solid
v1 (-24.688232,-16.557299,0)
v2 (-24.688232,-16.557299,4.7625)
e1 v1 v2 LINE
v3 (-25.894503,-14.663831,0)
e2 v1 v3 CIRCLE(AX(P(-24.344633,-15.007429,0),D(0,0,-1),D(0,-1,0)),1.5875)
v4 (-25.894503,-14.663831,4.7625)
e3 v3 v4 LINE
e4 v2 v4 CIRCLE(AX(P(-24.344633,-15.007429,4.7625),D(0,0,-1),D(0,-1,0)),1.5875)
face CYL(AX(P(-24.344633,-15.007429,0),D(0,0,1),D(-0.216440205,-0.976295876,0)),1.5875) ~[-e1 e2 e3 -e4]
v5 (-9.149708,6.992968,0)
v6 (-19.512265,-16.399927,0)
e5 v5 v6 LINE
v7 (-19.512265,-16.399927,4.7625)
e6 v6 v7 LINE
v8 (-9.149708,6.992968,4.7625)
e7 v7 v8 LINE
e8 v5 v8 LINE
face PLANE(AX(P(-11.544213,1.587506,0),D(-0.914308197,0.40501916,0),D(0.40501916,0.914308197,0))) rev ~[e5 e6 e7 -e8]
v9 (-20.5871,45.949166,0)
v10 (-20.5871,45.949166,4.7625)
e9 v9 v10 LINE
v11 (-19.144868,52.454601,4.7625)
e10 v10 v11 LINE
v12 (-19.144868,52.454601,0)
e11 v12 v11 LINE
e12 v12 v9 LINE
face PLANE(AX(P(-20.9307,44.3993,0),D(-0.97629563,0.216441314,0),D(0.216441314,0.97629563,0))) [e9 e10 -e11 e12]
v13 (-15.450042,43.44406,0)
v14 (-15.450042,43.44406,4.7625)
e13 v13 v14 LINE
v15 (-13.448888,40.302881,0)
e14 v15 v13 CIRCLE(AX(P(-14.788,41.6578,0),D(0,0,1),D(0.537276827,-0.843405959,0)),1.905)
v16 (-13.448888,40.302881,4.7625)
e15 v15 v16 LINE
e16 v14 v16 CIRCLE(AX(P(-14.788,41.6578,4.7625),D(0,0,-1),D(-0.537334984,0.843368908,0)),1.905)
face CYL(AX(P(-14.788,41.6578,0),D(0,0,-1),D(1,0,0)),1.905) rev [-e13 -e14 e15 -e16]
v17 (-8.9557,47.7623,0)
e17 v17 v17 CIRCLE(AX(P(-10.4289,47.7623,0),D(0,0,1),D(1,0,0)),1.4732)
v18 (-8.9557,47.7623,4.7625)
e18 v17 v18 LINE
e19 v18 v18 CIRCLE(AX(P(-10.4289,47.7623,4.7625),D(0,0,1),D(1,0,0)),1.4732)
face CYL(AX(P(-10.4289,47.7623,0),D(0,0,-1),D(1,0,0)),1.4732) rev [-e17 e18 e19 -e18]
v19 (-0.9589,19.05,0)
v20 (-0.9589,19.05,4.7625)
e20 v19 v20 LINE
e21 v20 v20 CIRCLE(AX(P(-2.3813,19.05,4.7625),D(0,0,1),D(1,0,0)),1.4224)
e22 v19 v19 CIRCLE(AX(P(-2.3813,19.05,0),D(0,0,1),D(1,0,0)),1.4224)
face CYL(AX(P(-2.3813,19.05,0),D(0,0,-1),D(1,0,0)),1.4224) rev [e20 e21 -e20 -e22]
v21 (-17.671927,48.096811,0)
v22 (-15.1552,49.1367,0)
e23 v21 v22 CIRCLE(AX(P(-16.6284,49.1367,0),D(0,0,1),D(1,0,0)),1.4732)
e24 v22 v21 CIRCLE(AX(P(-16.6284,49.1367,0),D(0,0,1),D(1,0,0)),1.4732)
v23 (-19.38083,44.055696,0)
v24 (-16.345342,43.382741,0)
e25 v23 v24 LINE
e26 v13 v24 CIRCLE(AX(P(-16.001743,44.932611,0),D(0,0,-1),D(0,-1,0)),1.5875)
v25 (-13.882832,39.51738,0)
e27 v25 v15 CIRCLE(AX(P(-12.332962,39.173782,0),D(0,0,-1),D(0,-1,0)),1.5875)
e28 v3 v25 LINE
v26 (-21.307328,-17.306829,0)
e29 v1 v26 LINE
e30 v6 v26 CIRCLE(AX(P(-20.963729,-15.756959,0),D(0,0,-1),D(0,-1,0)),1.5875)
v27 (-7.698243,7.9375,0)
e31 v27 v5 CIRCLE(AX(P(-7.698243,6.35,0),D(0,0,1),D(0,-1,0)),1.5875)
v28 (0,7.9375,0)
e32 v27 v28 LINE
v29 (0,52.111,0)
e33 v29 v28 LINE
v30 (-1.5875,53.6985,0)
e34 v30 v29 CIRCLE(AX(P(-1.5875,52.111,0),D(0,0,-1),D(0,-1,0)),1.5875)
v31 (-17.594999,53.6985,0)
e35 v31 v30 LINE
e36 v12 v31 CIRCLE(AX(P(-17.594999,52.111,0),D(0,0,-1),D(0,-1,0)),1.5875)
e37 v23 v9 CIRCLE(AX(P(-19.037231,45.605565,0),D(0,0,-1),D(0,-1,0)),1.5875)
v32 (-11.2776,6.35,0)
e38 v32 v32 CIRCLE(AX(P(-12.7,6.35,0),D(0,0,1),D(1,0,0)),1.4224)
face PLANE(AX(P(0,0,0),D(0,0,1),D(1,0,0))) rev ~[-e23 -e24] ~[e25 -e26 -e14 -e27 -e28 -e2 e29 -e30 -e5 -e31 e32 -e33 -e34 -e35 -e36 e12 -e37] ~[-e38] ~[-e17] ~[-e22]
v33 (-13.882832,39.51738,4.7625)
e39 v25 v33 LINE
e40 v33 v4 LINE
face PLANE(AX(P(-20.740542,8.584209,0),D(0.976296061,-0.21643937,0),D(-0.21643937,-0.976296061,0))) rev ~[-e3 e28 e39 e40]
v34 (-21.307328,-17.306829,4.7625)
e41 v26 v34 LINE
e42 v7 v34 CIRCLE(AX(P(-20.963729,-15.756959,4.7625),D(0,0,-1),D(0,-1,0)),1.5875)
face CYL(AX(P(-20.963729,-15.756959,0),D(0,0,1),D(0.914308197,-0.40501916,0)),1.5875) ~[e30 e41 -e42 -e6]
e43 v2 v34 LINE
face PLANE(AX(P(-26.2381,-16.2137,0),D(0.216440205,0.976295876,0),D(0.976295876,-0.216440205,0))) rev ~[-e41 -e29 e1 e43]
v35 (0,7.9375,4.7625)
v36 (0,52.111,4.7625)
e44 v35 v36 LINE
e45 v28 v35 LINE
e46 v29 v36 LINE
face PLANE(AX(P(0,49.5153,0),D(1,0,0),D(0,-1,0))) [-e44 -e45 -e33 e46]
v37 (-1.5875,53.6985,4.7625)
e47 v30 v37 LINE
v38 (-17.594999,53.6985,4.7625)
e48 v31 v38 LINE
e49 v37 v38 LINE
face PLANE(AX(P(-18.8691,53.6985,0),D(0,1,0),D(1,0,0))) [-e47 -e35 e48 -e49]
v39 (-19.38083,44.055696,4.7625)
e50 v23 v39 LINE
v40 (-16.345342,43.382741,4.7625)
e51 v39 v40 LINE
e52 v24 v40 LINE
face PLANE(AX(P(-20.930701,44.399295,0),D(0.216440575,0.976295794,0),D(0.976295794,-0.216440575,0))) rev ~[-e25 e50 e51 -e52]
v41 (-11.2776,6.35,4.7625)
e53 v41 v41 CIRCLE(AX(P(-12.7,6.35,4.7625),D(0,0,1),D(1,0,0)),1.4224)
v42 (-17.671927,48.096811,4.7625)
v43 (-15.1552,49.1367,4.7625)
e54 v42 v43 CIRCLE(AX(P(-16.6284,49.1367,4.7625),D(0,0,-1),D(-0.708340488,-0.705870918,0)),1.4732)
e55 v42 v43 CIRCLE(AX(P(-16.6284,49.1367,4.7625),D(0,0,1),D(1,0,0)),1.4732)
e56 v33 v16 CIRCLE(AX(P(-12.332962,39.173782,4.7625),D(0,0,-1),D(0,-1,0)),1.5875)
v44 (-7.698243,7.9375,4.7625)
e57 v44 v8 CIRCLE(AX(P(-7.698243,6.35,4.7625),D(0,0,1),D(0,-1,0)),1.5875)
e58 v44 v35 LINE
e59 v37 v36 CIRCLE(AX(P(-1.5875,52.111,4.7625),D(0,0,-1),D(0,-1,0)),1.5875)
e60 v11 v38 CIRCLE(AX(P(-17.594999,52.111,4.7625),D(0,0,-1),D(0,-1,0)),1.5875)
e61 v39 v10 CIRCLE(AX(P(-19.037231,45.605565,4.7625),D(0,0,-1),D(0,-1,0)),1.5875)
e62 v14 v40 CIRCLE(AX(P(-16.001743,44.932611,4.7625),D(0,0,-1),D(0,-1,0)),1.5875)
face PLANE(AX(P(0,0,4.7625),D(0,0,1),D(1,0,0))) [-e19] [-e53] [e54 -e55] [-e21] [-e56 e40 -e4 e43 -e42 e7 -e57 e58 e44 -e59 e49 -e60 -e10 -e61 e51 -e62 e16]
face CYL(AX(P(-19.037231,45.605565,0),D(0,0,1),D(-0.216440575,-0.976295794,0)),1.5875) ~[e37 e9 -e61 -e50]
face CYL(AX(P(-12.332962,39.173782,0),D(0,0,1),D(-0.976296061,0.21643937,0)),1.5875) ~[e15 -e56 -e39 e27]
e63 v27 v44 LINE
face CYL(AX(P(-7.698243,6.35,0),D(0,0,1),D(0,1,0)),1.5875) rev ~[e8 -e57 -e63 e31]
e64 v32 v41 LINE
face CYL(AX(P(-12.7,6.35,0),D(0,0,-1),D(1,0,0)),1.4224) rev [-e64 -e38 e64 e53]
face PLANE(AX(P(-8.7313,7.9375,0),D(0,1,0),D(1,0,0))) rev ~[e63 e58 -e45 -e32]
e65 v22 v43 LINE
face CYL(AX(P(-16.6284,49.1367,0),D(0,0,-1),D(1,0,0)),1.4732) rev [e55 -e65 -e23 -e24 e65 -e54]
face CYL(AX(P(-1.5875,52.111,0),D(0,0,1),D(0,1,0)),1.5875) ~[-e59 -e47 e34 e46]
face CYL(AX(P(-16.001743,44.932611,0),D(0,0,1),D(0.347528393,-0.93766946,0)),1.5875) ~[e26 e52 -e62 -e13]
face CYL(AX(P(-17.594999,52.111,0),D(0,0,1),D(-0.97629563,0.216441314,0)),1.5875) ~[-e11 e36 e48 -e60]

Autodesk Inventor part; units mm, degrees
ref_plane "YZ Plane" through (0, 0, 0) normal (1, 0, 0) x (0, 1, 0)
ref_plane "XZ Plane" through (0, 0, 0) normal (0, 1, 0) x (-1, 0, 0)
ref_plane "XY Plane" through (0, 0, 0) normal (0, 0, 1) x (1, 0, 0)
sketch "Sketch1" plane through (0, 0, 0) normal (0, 0, 1) x (1, 0, 0)
  line L0 (0, 0) -> (0, 136.525) construction
  line L1 (-11.7886, 12.2907) -> (-39.6863, 18.4755) construction
  line L2 (-39.6863, 18.4755) -> (-33.3297, 47.1481) construction
  line L3 (-33.3297, 47.1481) -> (-5.432, 40.9633)
  line L4 (-5.432, 40.9633) -> (-11.7886, 12.2907) construction
  line L5 (-39.6863, 18.4755) -> (-5.432, 40.9633) construction
  line L6 (-33.3297, 47.1481) -> (-11.7886, 12.2907) construction
  circle A0 centre (-53.975, 12.7) radius 3.175 construction
  circle A1 centre (-53.975, 12.7) radius 6.35 construction
  line L7 (0, 0) -> (-54.712, 6.3929) construction
  line L8 (-59.6703, 15.5082) -> (0, 136.525) construction
  line L9 (-27.1302, 45.7737) -> (-37.4529, 28.5497) construction
  line L10 (-11.6315, 42.3377) -> (-9.5552, 22.3649) construction
  line L11 (-19.3809, 44.0557) -> (-25.7374, 15.3831) construction
  line L12 (0, 92.075) -> (-19.7574, 96.4551) construction
  line L13 (-35.3766, 8.5768) -> (-19.8779, 5.1408) construction
  line L14 (-19.8779, 5.1408) -> (-21.2523, -1.0586) construction
  line L15 (-21.2523, -1.0586) -> (-36.751, 2.3773) construction
  line L16 (-36.751, 2.3773) -> (-35.3766, 8.5768) construction
  line L17 (-35.3766, 8.5768) -> (-41.27, 4.8223) construction
  line L18 (-19.8779, 5.1408) -> (-17.9381, 2.096) construction
  line L19 (-5.432, 40.9633) -> (-33.3297, 47.1481) construction
  line L20 (-33.3297, 47.1481) -> (-32.2475, 52.0296) construction
  line L21 (-32.2475, 52.0296) -> (-4.3498, 45.8448) construction
  line L22 (-4.3498, 45.8448) -> (-5.432, 40.9633) construction
  line L23 (-53.2878, 15.7997) -> (-53.975, 12.7) construction
  line L24 (-53.975, 12.7) -> (-57.0747, 13.3872) construction
  line L25 (-27.6272, 6.8588) -> (-34.4992, -24.1386) construction
  line L26 (-31.8676, 50.076) -> (-5.5198, 44.2349)
  line L27 (-5.5198, 44.2349) -> (-4.489, 48.8845) construction
  line L28 (-4.489, 48.8845) -> (-30.8368, 54.7256) construction
  line L29 (-30.8368, 54.7256) -> (-31.8676, 50.076) construction
  line L30 (-31.3522, 52.4008) -> (-5.0044, 46.5597) construction
  circle A2 centre (-29.0274, 51.8854) radius 1.4732 construction
  circle A3 centre (-22.8279, 50.5111) radius 1.4732 construction
  circle A4 centre (-16.6284, 49.1367) radius 1.4732
  circle A5 centre (-10.4289, 47.7623) radius 1.4732
  circle A6 centre (-10.3614, 84.7398) radius 1.4732 construction
  line L31 (-53.975, 12.7) -> (-13.3751, 95.0402) construction
  line L32 (-32.2923, 56.6744) -> (0, 49.5153)
  circle A7 centre (-10.3614, 84.7398) radius 4.7625 construction
  line L33 (-4.7625, 50.5712) -> (-4.7625, 93.1308) construction
  line L34 (-27.5056, 55.6132) -> (-14.3936, 82.2055) construction
  line L35 (-5.6003, 84.6261) -> (-4.7625, 84.4403) construction
  line L36 (-17.9381, 2.096) -> (0, 2.096) construction
  line L37 (0, 2.096) -> (0, -1.079) construction
  line L38 (0, -1.079) -> (-17.9381, -1.079) construction
  line L39 (-17.9381, -1.079) -> (-17.9381, 2.096) construction
  circle A8 centre (-12.7, 7.9375) radius 1.5875 construction
  line L40 (-12.7, 7.9375) -> (0, 7.9375)
  line L41 (0, 7.9375) -> (-17.9381, 2.096) construction
  circle A9 centre (-12.7, 7.9375) radius 3.175 construction
  line L42 (-9.525, 7.9375) -> (-9.525, 4.8357) construction
  line L43 (-9.525, 7.9375) -> (0, 7.9375) construction
  line L44 (-17.9187, 46.9837) -> (-16.8879, 51.6333)
  line L45 (-12.4942, 45.7811) -> (-26.2381, -16.2137)
  line L46 (0, 66.675) -> (0, 7.9375)
  line L47 (-26.2381, -16.2137) -> (-20.0386, -17.5881)
  line L48 (-20.0386, -17.5881) -> (-8.7313, 7.9375)
  circle A10 centre (-12.7, 6.35) radius 1.4224
  line L49 (0, 13.4938) -> (-4.7625, 13.4938) construction
  line L50 (-4.7625, 13.4938) -> (-4.7625, 24.6063) construction
  line L51 (-4.7625, 24.6063) -> (0, 24.6063) construction
  line L52 (0, 24.6063) -> (0, 13.4938)
  line L53 (-4.7625, 19.05) -> (0, 19.05) construction
  circle A11 centre (-2.3813, 19.05) radius 1.4224
  line L54 (-20.7405, 8.5842) -> (-9.7454, 58.18)
  line L55 (-9.7454, 58.18) -> (-3.5459, 56.8056) construction
  line L56 (-3.5459, 56.8056) -> (-14.5411, 7.2098) construction
  line L57 (-14.5411, 7.2098) -> (-20.7405, 8.5842)
  line L58 (-12.7, 6.35) -> (-12.7, 7.9375) construction
  line L59 (-11.5442, 1.5875) -> (-9.525, 1.5875)
  line L60 (-9.525, 1.5875) -> (-9.525, 7.9375)
  line L61 (-9.525, 7.9375) -> (-11.5442, 7.9375)
  line L62 (-11.5442, 7.9375) -> (-11.5442, 1.5875) construction
  line L63 (-9.7454, 58.18) -> (-15.9449, 59.5544)
  line L64 (-15.9449, 59.5544) -> (-14.6504, 65.3933)
  line L65 (-14.6504, 65.3933) -> (0, 66.675)
  line L66 (-9.7454, 58.18) -> (-17.3193, 53.3549) construction
  arc A12 (-10.2313, 55.9882) -> (-11.9373, 58.6659) centre (-11.0843, 57.3271) ccw
  line L67 (-4.7625, 57.15) -> (0, 57.15) construction
  circle A13 centre (-2.3813, 57.15) radius 1.4224
  circle A14 centre (-2.3813, 63.5) radius 1.4224
  line L68 (-20.9307, 44.3993) -> (-18.8691, 53.6985)
  line L69 (-12.4942, 45.7811) -> (-16.2811, 43.3685) construction
  arc A15 (-13.0773, 43.1508) -> (-15.1244, 46.3642) centre (-14.1008, 44.7575) ccw
  line L70 (-18.8691, 53.6985) -> (0, 53.6985)
  line L71 (-13.1814, 42.6813) -> (-14.788, 41.6578) construction
  circle A16 centre (-14.788, 41.6578) radius 1.905
  point P0 (-22.5591, 29.7194)
  point P1 (-20.4869, 2.3938)
  point P2 (-36.3367, 4.2458)
  point P3 (-51.1668, 18.3953)
  point P4 (-11.1125, 7.9375)
  point P5 (-11.4283, 6.9872)
  point P6 (-11.9574, 7.9375)
  point P7 (-13.9717, 6.9872)
  point P8 (-9.525, 6.1457)
  point P9 (-15.8116, 43.2644)
  point P10 (-13.7645, 40.0511)
  dimension "d74" = 6.35
  dimension "d122" = 3.81
  dimension "d13" = 136.525
  dimension "d14" = 29.3687
  dimension "d15" = 28.575
  dimension "d16" = 12.5
  dimension "d17" = 6.35
  dimension "d19" = 53.975
  dimension "d22" = 12.7
  dimension "d23" = 7.9375
  dimension "d24" = 19.05
  dimension "d26" = 102.5
  dimension "d29" = 6.35
  dimension "d31" = 7.9375
  dimension "d34" = 5
  dimension "d35" = 26.9875
  dimension "d38" = 31.75
  dimension "d40" = 26.9875
  dimension "d41" = 4.7625
  dimension "d42" = 2.9464
  dimension "d43" = 2.3813
  dimension "d46" = 6.35
  dimension "d51" = 2.9464
  dimension "d52" = 79.7719
  dimension "d53" = 6.35
  dimension "d54" = 9.525
  dimension "d55" = 4.7625
  dimension "d56" = 4.7625
  dimension "d60" = 12.7
  dimension "d61" = 3.175
  dimension "d63" = 3.175
  dimension "d66" = 3.175
  dimension "d67" = 12.7
  dimension "d72" = 8.7312
  dimension "d73" = 7.9375
  dimension "d75" = 34.925
  dimension "d80" = 12.7
  dimension "d82" = 7.9375
  dimension "d83" = 63.5
  dimension "d84" = 66.675
  dimension "d85" = 6.35
  dimension "d86" = 92.075
  dimension "d87" = 2.8448
  dimension "d88" = 4.7625
  dimension "d89" = 11.1125
  dimension "d90" = 2.8448
  dimension "d91" = 19.05
  dimension "d92" = 6.35
  dimension "d93" = 50.8
  dimension "d94" = 25.4
  dimension "d95" = 8.7312
  dimension "d96" = 9.525
  dimension "d97" = 6.35
  dimension "d99" = 6.35
  dimension "d101" = 3.175
  dimension "d106" = 2.8448
  dimension "d107" = 57.15
  dimension "d110" = 6.35
  dimension "d119" = 85
  dimension "d120" = 3.175
  dimension "d121" = 3.81
extrude "Extrusion1" add sketch "Sketch1" along normal blind 4.7625 contours L68 L26 L45 A16 L3 | L68 L32 L54 A15 L26 | L45 A15 L54 L32 L46 L40 L60 L48 L47 A16 | L70 L54 L32 | L45 A15 | A15 L26 | L54 L70 L46 L32 | L60 L40 L48
fillet "Fillet1" radius 1.5875 3 edges at (-26.2381, -16.2137, 2.3813) (-20.0386, -17.5881, 2.3813) (-8.7313, 7.9375, 2.3813)
fillet "Fillet4" radius 1.5875 5 edges at (-18.8691, 53.6985, 2.3813) (0, 53.6985, 2.3813) (-20.9307, 44.3993, 2.3813) (-15.8116, 43.2644, 2.3813) (-13.7645, 40.0511, 2.3813)
equation "\"d56\" = d55"
properties part number "Uprights" material "UHMW, White"
